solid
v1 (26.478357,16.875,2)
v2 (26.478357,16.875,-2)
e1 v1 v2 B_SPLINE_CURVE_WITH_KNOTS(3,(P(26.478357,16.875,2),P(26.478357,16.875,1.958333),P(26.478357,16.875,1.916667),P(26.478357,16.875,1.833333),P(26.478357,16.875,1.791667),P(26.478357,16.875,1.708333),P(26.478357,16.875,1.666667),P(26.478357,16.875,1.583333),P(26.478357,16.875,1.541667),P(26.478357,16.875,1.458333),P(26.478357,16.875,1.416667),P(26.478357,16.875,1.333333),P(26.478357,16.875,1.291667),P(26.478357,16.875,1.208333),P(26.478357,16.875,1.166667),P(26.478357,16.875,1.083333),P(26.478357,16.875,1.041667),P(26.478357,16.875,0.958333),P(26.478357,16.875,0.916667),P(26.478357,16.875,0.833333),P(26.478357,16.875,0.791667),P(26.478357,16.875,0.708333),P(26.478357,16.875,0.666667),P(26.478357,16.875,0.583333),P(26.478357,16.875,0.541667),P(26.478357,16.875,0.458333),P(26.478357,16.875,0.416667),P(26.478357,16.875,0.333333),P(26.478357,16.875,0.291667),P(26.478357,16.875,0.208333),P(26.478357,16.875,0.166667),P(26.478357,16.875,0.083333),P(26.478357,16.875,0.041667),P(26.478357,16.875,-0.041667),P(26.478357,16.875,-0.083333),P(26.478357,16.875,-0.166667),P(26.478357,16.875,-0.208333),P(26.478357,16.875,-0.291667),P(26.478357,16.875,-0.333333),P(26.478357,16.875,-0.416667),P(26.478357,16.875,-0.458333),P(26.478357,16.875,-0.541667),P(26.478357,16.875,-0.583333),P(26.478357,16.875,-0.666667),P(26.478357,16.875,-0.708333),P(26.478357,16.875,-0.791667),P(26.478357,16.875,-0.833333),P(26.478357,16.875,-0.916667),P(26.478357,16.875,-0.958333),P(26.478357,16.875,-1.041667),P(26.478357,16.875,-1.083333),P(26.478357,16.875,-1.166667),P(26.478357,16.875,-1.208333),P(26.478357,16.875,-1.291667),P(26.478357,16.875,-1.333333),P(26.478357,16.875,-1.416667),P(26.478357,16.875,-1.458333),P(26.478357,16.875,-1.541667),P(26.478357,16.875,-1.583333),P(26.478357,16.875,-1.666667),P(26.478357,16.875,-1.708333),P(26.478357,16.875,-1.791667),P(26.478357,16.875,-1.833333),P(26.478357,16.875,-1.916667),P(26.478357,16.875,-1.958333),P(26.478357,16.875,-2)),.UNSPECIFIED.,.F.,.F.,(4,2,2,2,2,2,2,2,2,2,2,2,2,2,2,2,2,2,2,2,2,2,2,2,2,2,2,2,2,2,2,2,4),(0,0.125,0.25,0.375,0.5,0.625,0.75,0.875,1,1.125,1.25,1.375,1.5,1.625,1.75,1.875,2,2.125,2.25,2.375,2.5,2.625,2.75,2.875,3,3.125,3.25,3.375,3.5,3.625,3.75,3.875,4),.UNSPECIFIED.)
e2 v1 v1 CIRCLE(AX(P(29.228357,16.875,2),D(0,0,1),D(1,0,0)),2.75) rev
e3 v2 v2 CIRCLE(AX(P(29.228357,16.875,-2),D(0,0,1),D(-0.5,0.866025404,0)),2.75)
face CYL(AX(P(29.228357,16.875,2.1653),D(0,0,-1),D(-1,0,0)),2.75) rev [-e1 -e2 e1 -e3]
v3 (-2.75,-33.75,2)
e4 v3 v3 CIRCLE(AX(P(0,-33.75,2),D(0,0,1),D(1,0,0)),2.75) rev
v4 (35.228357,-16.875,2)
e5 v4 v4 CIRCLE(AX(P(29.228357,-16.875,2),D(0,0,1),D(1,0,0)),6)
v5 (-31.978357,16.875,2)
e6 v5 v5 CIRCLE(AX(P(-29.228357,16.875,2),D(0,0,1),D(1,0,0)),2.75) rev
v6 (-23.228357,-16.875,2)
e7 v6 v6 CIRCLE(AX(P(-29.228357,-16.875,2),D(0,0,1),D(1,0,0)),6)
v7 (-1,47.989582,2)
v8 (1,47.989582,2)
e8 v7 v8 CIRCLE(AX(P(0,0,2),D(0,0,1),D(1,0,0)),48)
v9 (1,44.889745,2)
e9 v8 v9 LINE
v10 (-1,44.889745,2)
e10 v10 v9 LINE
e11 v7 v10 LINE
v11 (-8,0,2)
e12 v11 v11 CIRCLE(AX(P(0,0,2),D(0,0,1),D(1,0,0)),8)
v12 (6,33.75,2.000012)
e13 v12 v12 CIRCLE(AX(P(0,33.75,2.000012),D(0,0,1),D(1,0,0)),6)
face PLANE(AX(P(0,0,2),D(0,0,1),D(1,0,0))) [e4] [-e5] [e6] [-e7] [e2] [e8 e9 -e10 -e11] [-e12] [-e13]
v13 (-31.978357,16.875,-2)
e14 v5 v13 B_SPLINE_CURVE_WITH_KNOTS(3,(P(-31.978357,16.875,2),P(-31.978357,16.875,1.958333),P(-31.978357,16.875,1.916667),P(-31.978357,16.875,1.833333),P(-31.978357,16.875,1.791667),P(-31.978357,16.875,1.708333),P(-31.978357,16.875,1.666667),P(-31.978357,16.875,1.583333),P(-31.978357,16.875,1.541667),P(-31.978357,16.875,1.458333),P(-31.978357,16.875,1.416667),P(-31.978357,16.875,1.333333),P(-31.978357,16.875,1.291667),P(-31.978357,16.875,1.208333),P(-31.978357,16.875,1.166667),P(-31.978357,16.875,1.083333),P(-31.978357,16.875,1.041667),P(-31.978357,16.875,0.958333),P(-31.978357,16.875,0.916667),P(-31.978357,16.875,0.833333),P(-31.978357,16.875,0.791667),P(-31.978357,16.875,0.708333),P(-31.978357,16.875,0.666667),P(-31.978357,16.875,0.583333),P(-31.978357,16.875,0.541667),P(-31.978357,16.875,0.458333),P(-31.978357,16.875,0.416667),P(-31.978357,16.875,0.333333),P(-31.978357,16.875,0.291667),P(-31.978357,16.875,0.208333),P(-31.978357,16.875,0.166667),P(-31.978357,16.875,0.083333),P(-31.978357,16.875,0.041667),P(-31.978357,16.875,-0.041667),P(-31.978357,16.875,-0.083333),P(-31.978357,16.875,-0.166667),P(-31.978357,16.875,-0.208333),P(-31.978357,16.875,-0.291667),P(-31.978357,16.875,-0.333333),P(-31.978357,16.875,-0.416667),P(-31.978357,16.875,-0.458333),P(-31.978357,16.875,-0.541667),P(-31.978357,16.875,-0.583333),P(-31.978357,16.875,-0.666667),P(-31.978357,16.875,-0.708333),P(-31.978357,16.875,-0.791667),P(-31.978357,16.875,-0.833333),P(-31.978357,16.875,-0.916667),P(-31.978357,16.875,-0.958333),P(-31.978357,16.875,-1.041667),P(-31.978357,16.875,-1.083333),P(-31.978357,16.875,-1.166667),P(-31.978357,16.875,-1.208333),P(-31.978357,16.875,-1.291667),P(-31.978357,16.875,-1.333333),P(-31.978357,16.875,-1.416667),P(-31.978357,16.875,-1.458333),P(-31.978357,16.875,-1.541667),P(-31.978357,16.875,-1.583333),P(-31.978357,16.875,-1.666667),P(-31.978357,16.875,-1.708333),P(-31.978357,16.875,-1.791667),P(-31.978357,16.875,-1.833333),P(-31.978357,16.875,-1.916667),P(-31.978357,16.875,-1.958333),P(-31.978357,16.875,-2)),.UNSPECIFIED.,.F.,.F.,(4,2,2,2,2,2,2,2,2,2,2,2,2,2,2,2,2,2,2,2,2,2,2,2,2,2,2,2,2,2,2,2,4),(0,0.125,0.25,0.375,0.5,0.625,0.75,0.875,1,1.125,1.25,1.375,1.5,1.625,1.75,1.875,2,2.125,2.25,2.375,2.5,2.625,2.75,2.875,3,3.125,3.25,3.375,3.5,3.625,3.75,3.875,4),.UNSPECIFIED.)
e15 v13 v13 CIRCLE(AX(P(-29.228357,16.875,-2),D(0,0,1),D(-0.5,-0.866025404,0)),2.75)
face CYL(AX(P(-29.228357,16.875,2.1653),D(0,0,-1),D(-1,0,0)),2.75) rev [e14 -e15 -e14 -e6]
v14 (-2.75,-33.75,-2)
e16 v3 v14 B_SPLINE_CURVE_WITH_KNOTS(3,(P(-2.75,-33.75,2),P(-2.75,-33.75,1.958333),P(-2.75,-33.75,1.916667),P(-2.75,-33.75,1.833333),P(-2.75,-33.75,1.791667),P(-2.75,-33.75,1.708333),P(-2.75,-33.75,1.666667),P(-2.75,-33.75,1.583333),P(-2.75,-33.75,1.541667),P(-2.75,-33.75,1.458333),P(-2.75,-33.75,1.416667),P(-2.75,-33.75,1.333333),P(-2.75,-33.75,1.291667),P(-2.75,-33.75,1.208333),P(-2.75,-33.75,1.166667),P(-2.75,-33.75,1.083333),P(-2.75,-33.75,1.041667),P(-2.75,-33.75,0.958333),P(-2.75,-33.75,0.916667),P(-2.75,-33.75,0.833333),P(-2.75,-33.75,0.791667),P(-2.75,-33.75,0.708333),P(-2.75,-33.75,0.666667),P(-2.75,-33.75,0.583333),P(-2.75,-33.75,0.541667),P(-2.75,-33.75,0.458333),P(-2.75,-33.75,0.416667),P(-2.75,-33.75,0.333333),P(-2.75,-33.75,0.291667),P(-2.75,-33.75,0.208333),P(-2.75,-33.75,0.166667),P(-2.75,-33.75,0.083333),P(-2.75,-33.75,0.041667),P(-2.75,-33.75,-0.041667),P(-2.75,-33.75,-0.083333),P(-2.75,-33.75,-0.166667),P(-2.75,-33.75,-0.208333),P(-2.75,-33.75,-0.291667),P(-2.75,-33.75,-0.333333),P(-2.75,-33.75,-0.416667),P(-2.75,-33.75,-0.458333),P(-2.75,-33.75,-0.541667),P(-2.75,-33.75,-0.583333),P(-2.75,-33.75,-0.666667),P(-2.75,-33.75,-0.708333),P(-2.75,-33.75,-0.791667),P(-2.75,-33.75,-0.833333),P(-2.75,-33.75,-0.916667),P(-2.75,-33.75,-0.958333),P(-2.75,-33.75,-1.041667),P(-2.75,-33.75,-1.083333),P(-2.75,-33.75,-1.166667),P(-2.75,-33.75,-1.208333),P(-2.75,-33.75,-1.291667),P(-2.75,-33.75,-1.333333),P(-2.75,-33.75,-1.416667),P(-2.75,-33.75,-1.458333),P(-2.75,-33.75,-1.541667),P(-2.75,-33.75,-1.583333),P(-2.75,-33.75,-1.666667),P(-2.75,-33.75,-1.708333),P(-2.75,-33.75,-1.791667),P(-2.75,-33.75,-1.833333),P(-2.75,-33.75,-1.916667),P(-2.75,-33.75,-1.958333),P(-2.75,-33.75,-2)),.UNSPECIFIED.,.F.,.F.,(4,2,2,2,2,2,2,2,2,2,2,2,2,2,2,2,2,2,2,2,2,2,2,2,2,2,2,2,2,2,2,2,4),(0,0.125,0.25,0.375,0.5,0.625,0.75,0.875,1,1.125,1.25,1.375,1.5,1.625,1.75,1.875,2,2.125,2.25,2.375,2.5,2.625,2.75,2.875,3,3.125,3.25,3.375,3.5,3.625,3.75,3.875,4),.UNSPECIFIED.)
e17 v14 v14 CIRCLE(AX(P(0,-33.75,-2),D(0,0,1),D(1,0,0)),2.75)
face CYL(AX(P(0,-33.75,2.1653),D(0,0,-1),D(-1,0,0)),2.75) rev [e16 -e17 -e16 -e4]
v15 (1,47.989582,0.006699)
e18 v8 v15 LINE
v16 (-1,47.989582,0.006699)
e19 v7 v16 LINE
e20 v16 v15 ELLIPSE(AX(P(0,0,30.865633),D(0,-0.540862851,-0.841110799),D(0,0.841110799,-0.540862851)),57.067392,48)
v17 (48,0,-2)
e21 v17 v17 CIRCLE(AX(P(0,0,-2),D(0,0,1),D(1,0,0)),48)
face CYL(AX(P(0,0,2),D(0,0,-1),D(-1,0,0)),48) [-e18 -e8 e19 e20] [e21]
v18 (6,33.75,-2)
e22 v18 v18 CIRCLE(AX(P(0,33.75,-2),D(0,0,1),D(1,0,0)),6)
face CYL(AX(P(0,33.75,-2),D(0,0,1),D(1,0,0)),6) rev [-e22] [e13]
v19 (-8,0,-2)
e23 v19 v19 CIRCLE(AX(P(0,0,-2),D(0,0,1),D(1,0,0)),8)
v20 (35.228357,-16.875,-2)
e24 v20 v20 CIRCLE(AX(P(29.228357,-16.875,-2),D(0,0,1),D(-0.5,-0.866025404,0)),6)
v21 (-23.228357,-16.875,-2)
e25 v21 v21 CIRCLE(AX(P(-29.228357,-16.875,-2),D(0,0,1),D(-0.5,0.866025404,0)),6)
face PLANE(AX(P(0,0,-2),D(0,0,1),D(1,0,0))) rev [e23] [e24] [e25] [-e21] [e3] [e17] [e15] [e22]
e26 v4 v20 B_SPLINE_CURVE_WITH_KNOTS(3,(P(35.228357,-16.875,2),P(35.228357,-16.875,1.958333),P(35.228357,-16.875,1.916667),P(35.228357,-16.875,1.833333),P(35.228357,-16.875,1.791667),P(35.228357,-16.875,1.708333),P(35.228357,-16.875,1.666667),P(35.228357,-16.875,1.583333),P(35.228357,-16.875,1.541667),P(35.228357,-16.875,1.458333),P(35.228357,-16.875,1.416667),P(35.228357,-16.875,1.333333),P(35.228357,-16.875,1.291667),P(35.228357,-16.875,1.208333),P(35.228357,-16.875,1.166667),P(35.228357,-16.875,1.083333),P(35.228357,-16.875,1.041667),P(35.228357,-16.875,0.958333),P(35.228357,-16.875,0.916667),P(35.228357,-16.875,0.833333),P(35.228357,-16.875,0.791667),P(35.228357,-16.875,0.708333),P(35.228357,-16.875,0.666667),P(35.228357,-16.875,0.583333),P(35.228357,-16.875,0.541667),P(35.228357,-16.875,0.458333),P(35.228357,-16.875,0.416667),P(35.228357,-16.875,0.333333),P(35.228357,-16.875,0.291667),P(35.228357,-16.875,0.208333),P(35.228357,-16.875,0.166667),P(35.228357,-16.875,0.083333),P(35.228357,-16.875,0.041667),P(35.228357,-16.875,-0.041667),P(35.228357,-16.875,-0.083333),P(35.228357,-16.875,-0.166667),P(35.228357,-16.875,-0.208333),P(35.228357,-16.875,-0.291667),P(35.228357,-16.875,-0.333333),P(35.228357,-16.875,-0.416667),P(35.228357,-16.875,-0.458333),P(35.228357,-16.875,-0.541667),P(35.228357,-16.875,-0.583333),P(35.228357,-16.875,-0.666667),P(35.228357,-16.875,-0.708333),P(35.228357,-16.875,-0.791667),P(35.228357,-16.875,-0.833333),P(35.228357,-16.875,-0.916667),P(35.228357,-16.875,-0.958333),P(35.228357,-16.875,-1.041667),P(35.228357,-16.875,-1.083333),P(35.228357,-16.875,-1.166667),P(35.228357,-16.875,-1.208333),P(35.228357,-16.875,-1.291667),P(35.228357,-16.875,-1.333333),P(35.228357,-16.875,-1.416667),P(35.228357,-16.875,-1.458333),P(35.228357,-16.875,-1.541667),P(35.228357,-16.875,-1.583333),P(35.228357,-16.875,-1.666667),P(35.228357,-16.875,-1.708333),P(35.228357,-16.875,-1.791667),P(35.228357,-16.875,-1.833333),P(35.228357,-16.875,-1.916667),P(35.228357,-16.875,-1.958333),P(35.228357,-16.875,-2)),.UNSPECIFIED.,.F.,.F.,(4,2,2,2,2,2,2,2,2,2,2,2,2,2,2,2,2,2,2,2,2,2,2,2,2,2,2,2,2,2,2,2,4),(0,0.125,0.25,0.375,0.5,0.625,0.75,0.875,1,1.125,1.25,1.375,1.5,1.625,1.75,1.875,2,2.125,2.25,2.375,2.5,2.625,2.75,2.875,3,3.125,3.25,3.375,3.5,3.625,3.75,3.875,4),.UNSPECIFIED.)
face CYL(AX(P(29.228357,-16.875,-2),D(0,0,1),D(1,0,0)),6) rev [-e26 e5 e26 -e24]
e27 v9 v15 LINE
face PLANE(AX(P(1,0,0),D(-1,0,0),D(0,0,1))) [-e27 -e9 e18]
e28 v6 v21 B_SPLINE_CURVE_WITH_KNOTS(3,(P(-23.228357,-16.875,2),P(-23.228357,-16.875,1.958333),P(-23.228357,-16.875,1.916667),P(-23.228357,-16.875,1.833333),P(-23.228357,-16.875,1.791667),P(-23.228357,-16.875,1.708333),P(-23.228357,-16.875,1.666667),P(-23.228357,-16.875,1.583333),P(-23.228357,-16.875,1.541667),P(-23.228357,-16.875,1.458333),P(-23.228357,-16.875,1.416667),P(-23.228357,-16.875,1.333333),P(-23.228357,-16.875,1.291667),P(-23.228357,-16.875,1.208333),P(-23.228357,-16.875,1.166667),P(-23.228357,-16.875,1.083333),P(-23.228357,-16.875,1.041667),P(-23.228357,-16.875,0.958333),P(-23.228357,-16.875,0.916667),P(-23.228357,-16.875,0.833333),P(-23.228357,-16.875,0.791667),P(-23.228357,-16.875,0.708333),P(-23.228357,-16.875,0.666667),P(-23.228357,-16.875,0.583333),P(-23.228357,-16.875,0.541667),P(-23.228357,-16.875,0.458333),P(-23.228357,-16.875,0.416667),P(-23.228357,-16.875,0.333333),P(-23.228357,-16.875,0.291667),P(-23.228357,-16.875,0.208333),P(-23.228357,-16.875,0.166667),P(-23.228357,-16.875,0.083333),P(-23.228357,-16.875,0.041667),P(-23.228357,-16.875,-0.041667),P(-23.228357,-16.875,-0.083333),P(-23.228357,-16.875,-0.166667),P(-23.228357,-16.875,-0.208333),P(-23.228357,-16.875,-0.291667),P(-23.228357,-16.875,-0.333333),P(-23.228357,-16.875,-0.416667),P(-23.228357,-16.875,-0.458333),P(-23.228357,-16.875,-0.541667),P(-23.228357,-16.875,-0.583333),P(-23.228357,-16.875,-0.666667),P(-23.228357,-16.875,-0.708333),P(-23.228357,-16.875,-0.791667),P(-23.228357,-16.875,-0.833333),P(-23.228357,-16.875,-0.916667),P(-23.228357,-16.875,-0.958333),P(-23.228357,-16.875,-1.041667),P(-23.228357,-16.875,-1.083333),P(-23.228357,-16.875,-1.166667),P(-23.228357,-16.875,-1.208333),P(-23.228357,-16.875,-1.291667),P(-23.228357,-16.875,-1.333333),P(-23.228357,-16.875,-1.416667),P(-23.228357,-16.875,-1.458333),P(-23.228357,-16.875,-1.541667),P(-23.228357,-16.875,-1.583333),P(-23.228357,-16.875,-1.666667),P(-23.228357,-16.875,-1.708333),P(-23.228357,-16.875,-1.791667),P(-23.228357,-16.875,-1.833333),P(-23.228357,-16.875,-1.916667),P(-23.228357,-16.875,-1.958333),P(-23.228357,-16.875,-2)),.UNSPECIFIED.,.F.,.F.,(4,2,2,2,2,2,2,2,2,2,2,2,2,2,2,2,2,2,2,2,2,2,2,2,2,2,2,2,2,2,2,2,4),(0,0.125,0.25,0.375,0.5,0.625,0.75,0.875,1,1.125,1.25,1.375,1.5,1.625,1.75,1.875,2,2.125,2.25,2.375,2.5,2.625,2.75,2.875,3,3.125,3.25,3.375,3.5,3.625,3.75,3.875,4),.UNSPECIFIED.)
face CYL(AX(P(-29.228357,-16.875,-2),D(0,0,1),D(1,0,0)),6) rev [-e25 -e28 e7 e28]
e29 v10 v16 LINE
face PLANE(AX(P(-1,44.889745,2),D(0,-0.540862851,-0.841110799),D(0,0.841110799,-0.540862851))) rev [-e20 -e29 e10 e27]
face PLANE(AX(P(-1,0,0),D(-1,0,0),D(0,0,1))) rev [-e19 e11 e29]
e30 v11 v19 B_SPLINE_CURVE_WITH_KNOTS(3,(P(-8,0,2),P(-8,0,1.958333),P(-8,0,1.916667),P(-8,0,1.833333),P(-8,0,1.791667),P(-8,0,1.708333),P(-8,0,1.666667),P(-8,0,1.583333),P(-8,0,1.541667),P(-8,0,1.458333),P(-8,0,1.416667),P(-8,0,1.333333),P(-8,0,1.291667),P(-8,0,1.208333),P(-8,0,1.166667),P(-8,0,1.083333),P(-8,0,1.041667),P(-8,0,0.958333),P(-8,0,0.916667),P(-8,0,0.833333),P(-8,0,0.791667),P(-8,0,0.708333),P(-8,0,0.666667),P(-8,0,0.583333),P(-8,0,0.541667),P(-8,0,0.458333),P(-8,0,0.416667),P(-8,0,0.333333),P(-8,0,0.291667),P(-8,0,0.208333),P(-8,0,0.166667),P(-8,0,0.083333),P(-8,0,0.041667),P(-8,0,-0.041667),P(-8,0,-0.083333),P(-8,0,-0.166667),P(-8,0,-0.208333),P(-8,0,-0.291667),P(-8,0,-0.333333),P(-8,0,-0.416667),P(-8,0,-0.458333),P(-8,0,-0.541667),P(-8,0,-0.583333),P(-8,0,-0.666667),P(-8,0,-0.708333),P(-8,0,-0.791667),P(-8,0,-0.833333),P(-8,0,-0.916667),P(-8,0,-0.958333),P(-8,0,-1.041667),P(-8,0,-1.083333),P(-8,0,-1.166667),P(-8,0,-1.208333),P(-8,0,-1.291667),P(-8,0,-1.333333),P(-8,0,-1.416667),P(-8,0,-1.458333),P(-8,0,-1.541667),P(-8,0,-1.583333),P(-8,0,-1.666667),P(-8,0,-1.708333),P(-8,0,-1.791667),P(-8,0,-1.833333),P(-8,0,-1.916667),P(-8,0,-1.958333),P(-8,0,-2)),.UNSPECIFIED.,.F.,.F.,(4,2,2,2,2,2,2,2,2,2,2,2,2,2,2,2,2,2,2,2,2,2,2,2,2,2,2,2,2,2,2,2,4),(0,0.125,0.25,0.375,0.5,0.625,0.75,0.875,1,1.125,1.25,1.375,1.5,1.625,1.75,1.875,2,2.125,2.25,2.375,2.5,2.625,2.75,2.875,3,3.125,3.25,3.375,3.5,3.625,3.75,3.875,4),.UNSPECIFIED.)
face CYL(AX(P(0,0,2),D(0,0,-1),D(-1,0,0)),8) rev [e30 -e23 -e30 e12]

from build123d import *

# Parameters (mm, degrees)
SKETCH1_R                        = 48
SKETCH1_R_2                      = 8
EX_CARRIER_FRONT_PLATE_4MM_DEPTH = 2
SKETCH2_R                        = 6
CUT_PIN_HOLE_12_DEPTH            = 69
PAT_PIN_HOLES_3X120_COUNT        = 3
CUT_EXTRUDE1_DEPTH               = 1
SKETCH4_R                        = 2.75
CUT_EXTRUDE2_DEPTH               = 68.911707385
SKETCH5_R                        = 2.75
CUT_EXTRUDE3_DEPTH               = 68.911707385
CIRPATTERN1_COUNT                = 3
CIRPATTERN2_COUNT                = 3


with BuildPart() as part:
    # Sketch1 → EX_Carrier_Front_Plate_4mm (new, symmetric)
    with BuildSketch(Plane.XY):
        Circle(SKETCH1_R)
        Circle(SKETCH1_R_2, mode=Mode.SUBTRACT)
    extrude(amount=EX_CARRIER_FRONT_PLATE_4MM_DEPTH, both=True)

    # Sketch2 → CUT_Pin_Hole_Ø12 (cut, symmetric)
    with BuildSketch(Plane.XY.offset(2)):
        with Locations((0, 33.75)):
            Circle(SKETCH2_R)
    cut_pin_hole_12 = extrude(amount=CUT_PIN_HOLE_12_DEPTH, both=True, mode=Mode.SUBTRACT)

    # PAT_Pin_Holes_3x120: CUT_Pin_Hole_Ø12 ×3 about axis
    pat_pin_holes_3x120_axis = Axis((0, 0, 0), (0, 0, 1))
    for i in range(1, PAT_PIN_HOLES_3X120_COUNT):
        add(cut_pin_hole_12.rotate(pat_pin_holes_3x120_axis, i * 360 / PAT_PIN_HOLES_3X120_COUNT), mode=Mode.SUBTRACT)

    # Sketch3 → Cut-Extrude1 (cut, symmetric)
    with BuildSketch(Plane(origin=(0, 0, 0), x_dir=(0, 0, -1), z_dir=(1, 0, 0))):
        Polygon((-2, 44.889744608), (0, 48), (-2, 48), align=None)
    extrude(amount=CUT_EXTRUDE1_DEPTH, both=True, mode=Mode.SUBTRACT)

    # Sketch4 → Cut-Extrude2 (cut, through all)
    with BuildSketch(Plane.XY):
        with Locations((0, -33.75)):
            Circle(SKETCH4_R)
    cut_extrude2 = extrude(amount=CUT_EXTRUDE2_DEPTH, mode=Mode.SUBTRACT)

    # Sketch5 → Cut-Extrude3 (cut, through all)
    with BuildSketch(Plane.XY):
        with Locations((0, -33.75)):
            Circle(SKETCH5_R)
    cut_extrude3 = extrude(amount=-CUT_EXTRUDE3_DEPTH, mode=Mode.SUBTRACT)

    # CirPattern1: Cut-Extrude2 ×3 about axis
    cirpattern1_axis = Axis((0, 0, 0), (0, 0, 1))
    for i in range(1, CIRPATTERN1_COUNT):
        add(cut_extrude2.rotate(cirpattern1_axis, i * 360 / CIRPATTERN1_COUNT), mode=Mode.SUBTRACT)

    # CirPattern2: Cut-Extrude3 ×3 about axis
    cirpattern2_axis = Axis((0, 0, -2.208265016), (0, 0, 1))
    for i in range(1, CIRPATTERN2_COUNT):
        add(cut_extrude3.rotate(cirpattern2_axis, i * 360 / CIRPATTERN2_COUNT), mode=Mode.SUBTRACT)


solid = part.part
